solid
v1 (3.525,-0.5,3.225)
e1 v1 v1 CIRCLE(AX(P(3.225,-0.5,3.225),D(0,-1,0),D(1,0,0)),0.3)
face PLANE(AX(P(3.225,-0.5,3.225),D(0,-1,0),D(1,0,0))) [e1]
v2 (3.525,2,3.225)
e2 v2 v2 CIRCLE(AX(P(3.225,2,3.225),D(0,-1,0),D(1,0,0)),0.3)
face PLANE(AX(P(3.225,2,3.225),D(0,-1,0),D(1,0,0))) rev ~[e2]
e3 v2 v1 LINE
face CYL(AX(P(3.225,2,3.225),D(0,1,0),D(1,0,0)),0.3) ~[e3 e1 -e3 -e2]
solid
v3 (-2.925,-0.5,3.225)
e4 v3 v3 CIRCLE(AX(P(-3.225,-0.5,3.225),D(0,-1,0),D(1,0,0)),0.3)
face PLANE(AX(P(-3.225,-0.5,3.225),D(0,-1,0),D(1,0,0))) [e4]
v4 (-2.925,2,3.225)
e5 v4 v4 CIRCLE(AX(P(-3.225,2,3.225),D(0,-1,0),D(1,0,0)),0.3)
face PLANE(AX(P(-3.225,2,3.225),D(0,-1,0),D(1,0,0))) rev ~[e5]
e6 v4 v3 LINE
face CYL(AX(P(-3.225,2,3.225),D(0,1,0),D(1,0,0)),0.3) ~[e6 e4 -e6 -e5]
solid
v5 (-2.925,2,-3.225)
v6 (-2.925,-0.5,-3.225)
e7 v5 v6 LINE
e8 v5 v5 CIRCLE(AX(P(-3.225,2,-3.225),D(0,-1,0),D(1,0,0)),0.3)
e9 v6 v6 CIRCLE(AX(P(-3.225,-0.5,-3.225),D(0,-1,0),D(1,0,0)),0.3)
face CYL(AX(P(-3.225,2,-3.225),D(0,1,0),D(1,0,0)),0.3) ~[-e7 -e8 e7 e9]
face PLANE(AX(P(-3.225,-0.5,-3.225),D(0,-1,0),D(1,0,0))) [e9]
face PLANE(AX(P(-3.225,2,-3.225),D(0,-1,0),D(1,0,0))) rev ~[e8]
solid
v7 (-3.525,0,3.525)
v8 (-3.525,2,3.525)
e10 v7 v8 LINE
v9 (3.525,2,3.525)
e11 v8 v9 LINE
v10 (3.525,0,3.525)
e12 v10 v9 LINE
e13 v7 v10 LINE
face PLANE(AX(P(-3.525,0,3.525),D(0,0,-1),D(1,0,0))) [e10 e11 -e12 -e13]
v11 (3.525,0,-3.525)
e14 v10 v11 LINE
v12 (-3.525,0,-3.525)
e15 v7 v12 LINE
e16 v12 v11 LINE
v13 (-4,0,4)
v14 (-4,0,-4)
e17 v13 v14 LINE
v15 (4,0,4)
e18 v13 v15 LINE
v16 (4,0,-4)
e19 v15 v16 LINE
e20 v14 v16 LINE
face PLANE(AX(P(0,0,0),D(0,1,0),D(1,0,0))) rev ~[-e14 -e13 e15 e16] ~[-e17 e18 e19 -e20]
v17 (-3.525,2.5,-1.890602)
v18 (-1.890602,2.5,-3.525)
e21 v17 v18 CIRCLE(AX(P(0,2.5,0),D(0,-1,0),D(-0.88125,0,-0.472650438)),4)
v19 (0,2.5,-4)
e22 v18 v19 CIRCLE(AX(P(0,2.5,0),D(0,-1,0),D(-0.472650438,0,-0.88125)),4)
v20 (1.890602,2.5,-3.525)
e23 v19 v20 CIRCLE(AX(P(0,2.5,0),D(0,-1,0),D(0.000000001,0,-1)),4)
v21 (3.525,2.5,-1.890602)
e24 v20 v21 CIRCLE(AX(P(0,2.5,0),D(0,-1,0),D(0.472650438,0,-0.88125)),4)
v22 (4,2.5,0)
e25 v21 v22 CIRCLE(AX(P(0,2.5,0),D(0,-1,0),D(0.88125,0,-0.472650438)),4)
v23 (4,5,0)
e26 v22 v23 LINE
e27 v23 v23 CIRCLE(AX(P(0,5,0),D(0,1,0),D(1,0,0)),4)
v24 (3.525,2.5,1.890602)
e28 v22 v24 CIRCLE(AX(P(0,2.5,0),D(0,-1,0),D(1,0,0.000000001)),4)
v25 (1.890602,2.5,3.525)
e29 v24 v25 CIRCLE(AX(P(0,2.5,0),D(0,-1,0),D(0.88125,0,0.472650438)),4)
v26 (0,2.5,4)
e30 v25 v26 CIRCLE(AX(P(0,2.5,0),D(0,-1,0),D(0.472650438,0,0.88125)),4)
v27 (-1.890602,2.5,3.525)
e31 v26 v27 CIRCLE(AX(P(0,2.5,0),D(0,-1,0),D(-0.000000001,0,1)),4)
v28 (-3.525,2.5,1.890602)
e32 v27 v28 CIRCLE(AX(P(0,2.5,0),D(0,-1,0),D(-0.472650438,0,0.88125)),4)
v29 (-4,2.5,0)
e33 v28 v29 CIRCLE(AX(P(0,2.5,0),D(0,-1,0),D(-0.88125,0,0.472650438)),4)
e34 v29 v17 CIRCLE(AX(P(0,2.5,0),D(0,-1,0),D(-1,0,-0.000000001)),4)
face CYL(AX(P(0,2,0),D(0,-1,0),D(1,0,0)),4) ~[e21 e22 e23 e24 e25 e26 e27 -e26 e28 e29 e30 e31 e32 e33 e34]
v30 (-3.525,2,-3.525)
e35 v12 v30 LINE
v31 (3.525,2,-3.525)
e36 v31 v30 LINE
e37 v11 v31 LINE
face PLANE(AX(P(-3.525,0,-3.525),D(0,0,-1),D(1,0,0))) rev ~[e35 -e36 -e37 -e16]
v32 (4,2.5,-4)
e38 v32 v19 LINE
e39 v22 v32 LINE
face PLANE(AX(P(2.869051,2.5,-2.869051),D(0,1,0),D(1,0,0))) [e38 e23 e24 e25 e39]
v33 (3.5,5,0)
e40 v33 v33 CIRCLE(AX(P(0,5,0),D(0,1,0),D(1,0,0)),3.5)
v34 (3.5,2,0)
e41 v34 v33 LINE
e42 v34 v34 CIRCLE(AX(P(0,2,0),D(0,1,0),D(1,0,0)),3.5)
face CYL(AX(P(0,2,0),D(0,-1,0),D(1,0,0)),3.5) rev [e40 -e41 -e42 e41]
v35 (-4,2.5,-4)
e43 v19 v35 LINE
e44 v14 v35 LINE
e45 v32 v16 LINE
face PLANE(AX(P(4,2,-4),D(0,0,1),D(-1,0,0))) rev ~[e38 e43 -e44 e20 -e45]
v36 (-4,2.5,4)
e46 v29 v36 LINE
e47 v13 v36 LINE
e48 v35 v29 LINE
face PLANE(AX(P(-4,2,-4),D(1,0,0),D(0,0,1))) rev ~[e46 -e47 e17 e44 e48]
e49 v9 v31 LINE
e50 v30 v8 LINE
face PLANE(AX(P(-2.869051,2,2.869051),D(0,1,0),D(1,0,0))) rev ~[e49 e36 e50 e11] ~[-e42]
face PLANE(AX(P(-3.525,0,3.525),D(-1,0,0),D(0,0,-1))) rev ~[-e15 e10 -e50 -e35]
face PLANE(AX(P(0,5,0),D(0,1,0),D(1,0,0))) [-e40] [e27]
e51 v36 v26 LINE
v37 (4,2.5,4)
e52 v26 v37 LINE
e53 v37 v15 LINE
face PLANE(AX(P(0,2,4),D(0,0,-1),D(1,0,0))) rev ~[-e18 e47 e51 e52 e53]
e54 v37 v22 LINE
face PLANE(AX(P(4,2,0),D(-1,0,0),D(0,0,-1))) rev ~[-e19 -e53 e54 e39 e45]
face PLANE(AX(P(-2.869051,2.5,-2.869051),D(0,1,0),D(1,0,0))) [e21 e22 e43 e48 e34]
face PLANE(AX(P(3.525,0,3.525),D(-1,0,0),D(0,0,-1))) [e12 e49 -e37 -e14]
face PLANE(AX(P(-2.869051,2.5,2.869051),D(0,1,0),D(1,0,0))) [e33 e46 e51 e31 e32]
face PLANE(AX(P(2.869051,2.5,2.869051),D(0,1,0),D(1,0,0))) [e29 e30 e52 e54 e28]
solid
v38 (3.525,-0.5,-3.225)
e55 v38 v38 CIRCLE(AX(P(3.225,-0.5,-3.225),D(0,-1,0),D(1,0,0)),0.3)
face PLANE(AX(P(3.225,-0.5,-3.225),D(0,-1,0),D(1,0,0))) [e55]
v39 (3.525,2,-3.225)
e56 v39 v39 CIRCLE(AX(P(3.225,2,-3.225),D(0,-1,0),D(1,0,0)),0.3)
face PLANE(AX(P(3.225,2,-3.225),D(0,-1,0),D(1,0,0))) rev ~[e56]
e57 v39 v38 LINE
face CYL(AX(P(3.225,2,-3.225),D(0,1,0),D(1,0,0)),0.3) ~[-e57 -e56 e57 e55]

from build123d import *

# Parameters (mm, degrees)
SKETCH1_W             = 8
SKETCH1_H             = 8
SKETCH1_W_2           = 7.05
SKETCH1_H_2           = 7.05
BOSS_EXTRUDE1_DEPTH   = 2
SKETCH3_R             = 4
SKETCH3_R_2           = 3.5
BOSS_EXTRUDE3_DEPTH   = 3
BOSS_EXTRUDE4_DEPTH   = 0.5
SKETCH10_R            = 0.3
BOSS_EXTRUDE6_DEPTH   = 2.5
BOSS_EXTRUDE6_2_DEPTH = 2.5
BOSS_EXTRUDE6_3_DEPTH = 2.5
BOSS_EXTRUDE6_4_DEPTH = 2.5


with BuildPart() as part:
    # Sketch1 → Boss-Extrude1 (new body)
    with BuildSketch(Plane(origin=(0, 0, 0), x_dir=(1, 0, 0), z_dir=(0, 1, 0))):
        Rectangle(SKETCH1_W, SKETCH1_H)
        Rectangle(SKETCH1_W_2, SKETCH1_H_2, mode=Mode.SUBTRACT)
    extrude(amount=BOSS_EXTRUDE1_DEPTH)

    # Sketch3 → Boss-Extrude3 (add)
    with BuildSketch(Plane(origin=(0, 2, 0), x_dir=(1, 0, 0), z_dir=(0, 1, 0))):
        Circle(SKETCH3_R)
        Circle(SKETCH3_R_2, mode=Mode.SUBTRACT)
    extrude(amount=BOSS_EXTRUDE3_DEPTH)

    # Sketch5 → Boss-Extrude4 (add)
    with BuildSketch(Plane(origin=(0, 2, 0), x_dir=(1, 0, 0), z_dir=(0, 1, 0))):
        with BuildLine():
            Line((4, 4), (0, 4))
            ThreePointArc((0, 4), (0.974679434, 3.879432948), (1.890601756, 3.525))
            Line((1.890601756, 3.525), (3.525, 3.525))
            Line((3.525, 3.525), (3.525, 1.890601756))
            ThreePointArc((3.525, 1.890601756), (3.879432948, 0.974679434), (4, 0))
            Line((4, 0), (4, 4))
        make_face()
        with BuildLine():
            Line((4, -4), (4, 0))
            ThreePointArc((4, 0), (3.879432948, -0.974679434), (3.525, -1.890601756))
            Line((3.525, -1.890601756), (3.525, -3.525))
            Line((3.525, -3.525), (1.890601756, -3.525))
            ThreePointArc((1.890601756, -3.525), (0.974679434, -3.879432948), (0, -4))
            Line((0, -4), (4, -4))
        make_face()
        with BuildLine():
            Line((-3.525, -3.525), (-3.525, -1.890601756))
            ThreePointArc((-3.525, -1.890601756), (-3.879432948, -0.974679434), (-4, 0))
            Line((-4, 0), (-4, -4))
            Line((-4, -4), (0, -4))
            ThreePointArc((0, -4), (-0.974679434, -3.879432948), (-1.890601756, -3.525))
            Line((-1.890601756, -3.525), (-3.525, -3.525))
        make_face()
        with BuildLine():
            ThreePointArc((-1.890601756, 3.525), (-0.974679434, 3.879432948), (0, 4))
            Line((0, 4), (-4, 4))
            Line((-4, 4), (-4, 0))
            ThreePointArc((-4, 0), (-3.879432948, 0.974679434), (-3.525, 1.890601756))
            Line((-3.525, 1.890601756), (-3.525, 3.525))
            Line((-3.525, 3.525), (-1.890601756, 3.525))
        make_face()
        with BuildLine():
            ThreePointArc((-3.525, 1.890601756), (-2.828427125, 2.828427125), (-1.890601756, 3.525))
            Line((-1.890601756, 3.525), (-3.525, 3.525))
            Line((-3.525, 3.525), (-3.525, 1.890601756))
        make_face()
        with BuildLine():
            ThreePointArc((-1.890601756, -3.525), (-2.828427125, -2.828427125), (-3.525, -1.890601756))
            Line((-3.525, -1.890601756), (-3.525, -3.525))
            Line((-3.525, -3.525), (-1.890601756, -3.525))
        make_face()
        with BuildLine():
            Line((3.525, -3.525), (3.525, -1.890601756))
            ThreePointArc((3.525, -1.890601756), (2.828427125, -2.828427125), (1.890601756, -3.525))
            Line((1.890601756, -3.525), (3.525, -3.525))
        make_face()
        with BuildLine():
            Line((3.525, 3.525), (1.890601756, 3.525))
            ThreePointArc((1.890601756, 3.525), (2.828427125, 2.828427125), (3.525, 1.890601756))
            Line((3.525, 1.890601756), (3.525, 3.525))
        make_face()
    extrude(amount=BOSS_EXTRUDE4_DEPTH)


with BuildPart() as body_2:
    # Sketch10 → Boss-Extrude6 (new body)
    with BuildSketch(Plane.XZ.offset(-2)):
        with Locations((3.225, 3.225)):
            Circle(SKETCH10_R)
    extrude(amount=BOSS_EXTRUDE6_DEPTH)


with BuildPart() as body_3:
    # Sketch10 → Boss-Extrude6 2 (new body)
    with BuildSketch(Plane.XZ.offset(-2)):
        with Locations((3.225, -3.225)):
            Circle(SKETCH10_R)
    extrude(amount=BOSS_EXTRUDE6_2_DEPTH)


with BuildPart() as body_4:
    # Sketch10 → Boss-Extrude6 3 (new body)
    with BuildSketch(Plane.XZ.offset(-2)):
        with Locations((-3.225, -3.225)):
            Circle(SKETCH10_R)
    extrude(amount=BOSS_EXTRUDE6_3_DEPTH)


with BuildPart() as body_5:
    # Sketch10 → Boss-Extrude6 4 (new body)
    with BuildSketch(Plane.XZ.offset(-2)):
        with Locations((-3.225, 3.225)):
            Circle(SKETCH10_R)
    extrude(amount=BOSS_EXTRUDE6_4_DEPTH)


solid = Compound([part.part, body_2.part, body_3.part, body_4.part, body_5.part])
